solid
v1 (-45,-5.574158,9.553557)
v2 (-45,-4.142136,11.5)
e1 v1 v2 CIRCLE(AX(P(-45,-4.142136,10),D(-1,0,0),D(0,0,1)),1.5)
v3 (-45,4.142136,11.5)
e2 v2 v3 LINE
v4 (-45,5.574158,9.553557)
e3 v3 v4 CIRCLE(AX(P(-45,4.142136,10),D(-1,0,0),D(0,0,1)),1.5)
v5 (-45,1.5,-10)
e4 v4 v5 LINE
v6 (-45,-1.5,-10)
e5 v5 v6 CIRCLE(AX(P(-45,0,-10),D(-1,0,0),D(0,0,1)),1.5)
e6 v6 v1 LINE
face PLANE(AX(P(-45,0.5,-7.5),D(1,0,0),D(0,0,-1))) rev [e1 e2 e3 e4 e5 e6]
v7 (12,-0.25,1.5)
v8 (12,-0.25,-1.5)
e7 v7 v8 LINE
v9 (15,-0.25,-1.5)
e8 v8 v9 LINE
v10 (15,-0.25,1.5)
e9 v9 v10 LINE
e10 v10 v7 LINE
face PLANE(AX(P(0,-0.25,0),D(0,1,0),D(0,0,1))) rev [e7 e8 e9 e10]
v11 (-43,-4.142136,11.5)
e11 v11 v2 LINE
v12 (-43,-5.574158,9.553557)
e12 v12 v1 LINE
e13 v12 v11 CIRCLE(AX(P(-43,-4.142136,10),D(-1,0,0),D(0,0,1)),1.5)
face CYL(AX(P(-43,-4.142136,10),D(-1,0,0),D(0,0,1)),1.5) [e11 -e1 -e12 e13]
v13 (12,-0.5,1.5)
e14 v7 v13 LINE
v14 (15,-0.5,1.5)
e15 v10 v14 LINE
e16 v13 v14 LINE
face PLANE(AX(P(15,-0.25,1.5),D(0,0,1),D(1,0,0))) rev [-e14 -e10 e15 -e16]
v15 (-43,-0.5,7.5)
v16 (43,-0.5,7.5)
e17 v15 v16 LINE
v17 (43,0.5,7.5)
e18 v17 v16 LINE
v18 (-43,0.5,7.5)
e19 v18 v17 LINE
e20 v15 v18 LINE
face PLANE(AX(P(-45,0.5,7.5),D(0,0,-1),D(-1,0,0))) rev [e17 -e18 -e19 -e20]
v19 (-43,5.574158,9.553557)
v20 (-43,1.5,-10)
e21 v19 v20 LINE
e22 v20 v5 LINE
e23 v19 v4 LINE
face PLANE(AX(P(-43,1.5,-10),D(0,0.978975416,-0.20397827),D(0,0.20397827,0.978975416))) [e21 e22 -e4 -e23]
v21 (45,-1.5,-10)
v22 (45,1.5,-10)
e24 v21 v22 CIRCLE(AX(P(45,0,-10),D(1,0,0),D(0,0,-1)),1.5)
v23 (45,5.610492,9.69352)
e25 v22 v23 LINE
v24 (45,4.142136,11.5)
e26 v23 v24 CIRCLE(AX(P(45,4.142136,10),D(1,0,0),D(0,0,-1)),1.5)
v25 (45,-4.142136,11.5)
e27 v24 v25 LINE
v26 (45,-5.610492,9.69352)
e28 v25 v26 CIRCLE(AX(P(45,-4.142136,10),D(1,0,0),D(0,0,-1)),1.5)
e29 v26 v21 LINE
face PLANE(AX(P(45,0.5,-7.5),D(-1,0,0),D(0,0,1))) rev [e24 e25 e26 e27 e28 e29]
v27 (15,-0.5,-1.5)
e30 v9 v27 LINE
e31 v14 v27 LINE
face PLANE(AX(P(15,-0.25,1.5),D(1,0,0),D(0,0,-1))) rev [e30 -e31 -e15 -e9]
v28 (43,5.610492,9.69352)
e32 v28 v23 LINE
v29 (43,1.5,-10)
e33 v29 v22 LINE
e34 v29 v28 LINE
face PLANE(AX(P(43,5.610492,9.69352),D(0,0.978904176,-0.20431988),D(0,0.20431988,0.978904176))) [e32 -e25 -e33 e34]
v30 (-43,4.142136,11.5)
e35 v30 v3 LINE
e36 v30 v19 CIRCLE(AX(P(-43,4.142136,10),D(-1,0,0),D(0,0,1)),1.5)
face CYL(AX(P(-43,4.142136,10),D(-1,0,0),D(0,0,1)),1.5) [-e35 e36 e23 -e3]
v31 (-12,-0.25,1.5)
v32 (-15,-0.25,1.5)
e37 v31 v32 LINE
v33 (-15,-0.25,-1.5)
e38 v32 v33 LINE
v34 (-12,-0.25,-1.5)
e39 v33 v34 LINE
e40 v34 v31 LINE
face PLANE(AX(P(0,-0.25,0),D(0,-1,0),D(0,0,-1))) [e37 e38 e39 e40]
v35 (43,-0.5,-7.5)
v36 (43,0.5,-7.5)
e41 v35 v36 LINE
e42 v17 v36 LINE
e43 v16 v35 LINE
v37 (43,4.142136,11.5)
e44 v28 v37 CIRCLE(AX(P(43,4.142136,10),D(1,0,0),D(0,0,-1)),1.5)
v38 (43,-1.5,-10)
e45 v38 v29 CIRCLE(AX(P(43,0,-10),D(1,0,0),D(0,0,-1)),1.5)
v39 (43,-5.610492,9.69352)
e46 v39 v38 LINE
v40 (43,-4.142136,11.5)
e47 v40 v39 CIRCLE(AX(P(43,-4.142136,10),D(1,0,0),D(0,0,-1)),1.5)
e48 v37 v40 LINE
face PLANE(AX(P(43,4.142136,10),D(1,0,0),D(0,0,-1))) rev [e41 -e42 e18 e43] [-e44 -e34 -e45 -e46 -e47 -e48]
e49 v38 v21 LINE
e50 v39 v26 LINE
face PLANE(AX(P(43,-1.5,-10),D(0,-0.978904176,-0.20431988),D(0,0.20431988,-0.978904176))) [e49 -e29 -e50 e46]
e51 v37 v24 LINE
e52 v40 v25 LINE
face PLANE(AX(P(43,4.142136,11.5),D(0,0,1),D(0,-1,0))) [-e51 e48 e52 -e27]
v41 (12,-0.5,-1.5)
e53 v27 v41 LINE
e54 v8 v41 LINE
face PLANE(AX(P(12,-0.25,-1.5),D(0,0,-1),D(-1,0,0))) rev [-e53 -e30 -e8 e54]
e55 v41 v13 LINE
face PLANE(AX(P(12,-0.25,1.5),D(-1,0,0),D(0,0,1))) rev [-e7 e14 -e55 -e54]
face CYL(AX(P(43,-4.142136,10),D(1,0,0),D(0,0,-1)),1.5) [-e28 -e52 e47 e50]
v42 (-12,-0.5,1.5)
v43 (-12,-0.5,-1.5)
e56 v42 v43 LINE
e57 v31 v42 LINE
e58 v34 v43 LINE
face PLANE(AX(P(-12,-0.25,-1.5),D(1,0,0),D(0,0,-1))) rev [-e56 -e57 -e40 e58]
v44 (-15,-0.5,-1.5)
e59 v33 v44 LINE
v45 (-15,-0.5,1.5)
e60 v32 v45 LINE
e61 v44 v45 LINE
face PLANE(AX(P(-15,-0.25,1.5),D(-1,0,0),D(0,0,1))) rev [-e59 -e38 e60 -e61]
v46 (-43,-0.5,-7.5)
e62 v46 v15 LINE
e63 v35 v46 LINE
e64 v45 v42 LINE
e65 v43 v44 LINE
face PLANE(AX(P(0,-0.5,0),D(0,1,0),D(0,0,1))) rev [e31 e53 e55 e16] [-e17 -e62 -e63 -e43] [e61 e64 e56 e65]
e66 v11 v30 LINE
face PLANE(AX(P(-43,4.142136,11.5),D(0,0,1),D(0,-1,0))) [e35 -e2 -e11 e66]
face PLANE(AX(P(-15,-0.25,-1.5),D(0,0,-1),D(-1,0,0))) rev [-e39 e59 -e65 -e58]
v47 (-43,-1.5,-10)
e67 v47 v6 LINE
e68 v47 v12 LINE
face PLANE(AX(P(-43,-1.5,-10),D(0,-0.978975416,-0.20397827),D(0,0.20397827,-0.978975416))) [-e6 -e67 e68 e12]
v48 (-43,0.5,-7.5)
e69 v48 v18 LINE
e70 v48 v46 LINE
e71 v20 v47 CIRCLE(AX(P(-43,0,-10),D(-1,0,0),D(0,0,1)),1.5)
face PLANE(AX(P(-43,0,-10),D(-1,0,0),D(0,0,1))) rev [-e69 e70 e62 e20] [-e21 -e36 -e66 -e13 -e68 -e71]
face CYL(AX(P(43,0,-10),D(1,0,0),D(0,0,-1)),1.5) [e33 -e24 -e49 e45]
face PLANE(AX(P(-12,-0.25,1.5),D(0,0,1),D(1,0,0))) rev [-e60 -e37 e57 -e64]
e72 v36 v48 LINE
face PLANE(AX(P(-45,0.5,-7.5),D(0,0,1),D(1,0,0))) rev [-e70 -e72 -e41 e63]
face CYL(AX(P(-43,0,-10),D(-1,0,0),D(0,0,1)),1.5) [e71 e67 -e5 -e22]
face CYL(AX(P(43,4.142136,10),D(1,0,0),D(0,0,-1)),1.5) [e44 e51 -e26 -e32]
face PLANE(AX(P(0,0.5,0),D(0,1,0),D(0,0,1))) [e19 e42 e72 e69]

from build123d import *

# Parameters (mm, degrees)
SKETCH1_W           = 90
SKETCH1_H           = 15
BOSS_EXTRUDE1_DEPTH = 0.5
BOSS_EXTRUDE2_DEPTH = 2
BOSS_EXTRUDE3_START = -2
BOSS_EXTRUDE3_DEPTH = 2
SKETCH4_W           = 3
SKETCH4_H           = 3
CUT_EXTRUDE1_DEPTH  = 0.25


with BuildPart() as part:
    # Sketch1 → Boss-Extrude1 (new, symmetric)
    with BuildSketch(Plane(origin=(0, 0, 0), x_dir=(1, 0, 0), z_dir=(0, 1, 0))):
        Rectangle(SKETCH1_W, SKETCH1_H)
    extrude(amount=BOSS_EXTRUDE1_DEPTH, both=True)

    # Sketch2 → Boss-Extrude2 (add)
    with BuildSketch(Plane(origin=(45, 0, 0), x_dir=(0, 0, -1), z_dir=(1, 0, 0))):
        with BuildLine():
            Line((-11.5, 4.142135624), (-11.5, -4.142135624))
            ThreePointArc((-11.5, -4.142135624), (-10.946118457, -5.306120102), (-9.69352018, -5.610491888))
            Line((-9.69352018, -5.610491888), (10, -1.5))
            ThreePointArc((10, -1.5), (11.5, 0), (10, 1.5))
            Line((10, 1.5), (-9.69352018, 5.610491888))
            ThreePointArc((-9.69352018, 5.610491888), (-10.946118457, 5.306120102), (-11.5, 4.142135624))
        make_face()
    extrude(amount=-BOSS_EXTRUDE2_DEPTH)

    # Sketch3 → Boss-Extrude3 (add)
    with BuildSketch(Plane.ZY.offset(45).offset(BOSS_EXTRUDE3_START)):
        with BuildLine():
            Line((-10, 1.5), (9.553557208, 5.574158261))
            ThreePointArc((9.553557208, 5.574158261), (10.888913891, 5.350370739), (11.5, 4.142135624))
            Line((11.5, 4.142135624), (11.5, -4.142135624))
            ThreePointArc((11.5, -4.142135624), (10.888913891, -5.350370739), (9.553557208, -5.574158261))
            Line((9.553557208, -5.574158261), (-10, -1.5))
            ThreePointArc((-10, -1.5), (-11.5, 0), (-10, 1.5))
        make_face()
    extrude(amount=BOSS_EXTRUDE3_DEPTH)

    # Sketch4 → Cut-Extrude1 (cut, symmetric)
    with BuildSketch(Plane.XZ.offset(0.5)):
        with Locations((13.5, 0)):
            Rectangle(SKETCH4_W, SKETCH4_H)
        with Locations((-13.5, 0)):
            Rectangle(SKETCH4_W, SKETCH4_H)
    extrude(amount=CUT_EXTRUDE1_DEPTH, both=True, mode=Mode.SUBTRACT)


solid = part.part
